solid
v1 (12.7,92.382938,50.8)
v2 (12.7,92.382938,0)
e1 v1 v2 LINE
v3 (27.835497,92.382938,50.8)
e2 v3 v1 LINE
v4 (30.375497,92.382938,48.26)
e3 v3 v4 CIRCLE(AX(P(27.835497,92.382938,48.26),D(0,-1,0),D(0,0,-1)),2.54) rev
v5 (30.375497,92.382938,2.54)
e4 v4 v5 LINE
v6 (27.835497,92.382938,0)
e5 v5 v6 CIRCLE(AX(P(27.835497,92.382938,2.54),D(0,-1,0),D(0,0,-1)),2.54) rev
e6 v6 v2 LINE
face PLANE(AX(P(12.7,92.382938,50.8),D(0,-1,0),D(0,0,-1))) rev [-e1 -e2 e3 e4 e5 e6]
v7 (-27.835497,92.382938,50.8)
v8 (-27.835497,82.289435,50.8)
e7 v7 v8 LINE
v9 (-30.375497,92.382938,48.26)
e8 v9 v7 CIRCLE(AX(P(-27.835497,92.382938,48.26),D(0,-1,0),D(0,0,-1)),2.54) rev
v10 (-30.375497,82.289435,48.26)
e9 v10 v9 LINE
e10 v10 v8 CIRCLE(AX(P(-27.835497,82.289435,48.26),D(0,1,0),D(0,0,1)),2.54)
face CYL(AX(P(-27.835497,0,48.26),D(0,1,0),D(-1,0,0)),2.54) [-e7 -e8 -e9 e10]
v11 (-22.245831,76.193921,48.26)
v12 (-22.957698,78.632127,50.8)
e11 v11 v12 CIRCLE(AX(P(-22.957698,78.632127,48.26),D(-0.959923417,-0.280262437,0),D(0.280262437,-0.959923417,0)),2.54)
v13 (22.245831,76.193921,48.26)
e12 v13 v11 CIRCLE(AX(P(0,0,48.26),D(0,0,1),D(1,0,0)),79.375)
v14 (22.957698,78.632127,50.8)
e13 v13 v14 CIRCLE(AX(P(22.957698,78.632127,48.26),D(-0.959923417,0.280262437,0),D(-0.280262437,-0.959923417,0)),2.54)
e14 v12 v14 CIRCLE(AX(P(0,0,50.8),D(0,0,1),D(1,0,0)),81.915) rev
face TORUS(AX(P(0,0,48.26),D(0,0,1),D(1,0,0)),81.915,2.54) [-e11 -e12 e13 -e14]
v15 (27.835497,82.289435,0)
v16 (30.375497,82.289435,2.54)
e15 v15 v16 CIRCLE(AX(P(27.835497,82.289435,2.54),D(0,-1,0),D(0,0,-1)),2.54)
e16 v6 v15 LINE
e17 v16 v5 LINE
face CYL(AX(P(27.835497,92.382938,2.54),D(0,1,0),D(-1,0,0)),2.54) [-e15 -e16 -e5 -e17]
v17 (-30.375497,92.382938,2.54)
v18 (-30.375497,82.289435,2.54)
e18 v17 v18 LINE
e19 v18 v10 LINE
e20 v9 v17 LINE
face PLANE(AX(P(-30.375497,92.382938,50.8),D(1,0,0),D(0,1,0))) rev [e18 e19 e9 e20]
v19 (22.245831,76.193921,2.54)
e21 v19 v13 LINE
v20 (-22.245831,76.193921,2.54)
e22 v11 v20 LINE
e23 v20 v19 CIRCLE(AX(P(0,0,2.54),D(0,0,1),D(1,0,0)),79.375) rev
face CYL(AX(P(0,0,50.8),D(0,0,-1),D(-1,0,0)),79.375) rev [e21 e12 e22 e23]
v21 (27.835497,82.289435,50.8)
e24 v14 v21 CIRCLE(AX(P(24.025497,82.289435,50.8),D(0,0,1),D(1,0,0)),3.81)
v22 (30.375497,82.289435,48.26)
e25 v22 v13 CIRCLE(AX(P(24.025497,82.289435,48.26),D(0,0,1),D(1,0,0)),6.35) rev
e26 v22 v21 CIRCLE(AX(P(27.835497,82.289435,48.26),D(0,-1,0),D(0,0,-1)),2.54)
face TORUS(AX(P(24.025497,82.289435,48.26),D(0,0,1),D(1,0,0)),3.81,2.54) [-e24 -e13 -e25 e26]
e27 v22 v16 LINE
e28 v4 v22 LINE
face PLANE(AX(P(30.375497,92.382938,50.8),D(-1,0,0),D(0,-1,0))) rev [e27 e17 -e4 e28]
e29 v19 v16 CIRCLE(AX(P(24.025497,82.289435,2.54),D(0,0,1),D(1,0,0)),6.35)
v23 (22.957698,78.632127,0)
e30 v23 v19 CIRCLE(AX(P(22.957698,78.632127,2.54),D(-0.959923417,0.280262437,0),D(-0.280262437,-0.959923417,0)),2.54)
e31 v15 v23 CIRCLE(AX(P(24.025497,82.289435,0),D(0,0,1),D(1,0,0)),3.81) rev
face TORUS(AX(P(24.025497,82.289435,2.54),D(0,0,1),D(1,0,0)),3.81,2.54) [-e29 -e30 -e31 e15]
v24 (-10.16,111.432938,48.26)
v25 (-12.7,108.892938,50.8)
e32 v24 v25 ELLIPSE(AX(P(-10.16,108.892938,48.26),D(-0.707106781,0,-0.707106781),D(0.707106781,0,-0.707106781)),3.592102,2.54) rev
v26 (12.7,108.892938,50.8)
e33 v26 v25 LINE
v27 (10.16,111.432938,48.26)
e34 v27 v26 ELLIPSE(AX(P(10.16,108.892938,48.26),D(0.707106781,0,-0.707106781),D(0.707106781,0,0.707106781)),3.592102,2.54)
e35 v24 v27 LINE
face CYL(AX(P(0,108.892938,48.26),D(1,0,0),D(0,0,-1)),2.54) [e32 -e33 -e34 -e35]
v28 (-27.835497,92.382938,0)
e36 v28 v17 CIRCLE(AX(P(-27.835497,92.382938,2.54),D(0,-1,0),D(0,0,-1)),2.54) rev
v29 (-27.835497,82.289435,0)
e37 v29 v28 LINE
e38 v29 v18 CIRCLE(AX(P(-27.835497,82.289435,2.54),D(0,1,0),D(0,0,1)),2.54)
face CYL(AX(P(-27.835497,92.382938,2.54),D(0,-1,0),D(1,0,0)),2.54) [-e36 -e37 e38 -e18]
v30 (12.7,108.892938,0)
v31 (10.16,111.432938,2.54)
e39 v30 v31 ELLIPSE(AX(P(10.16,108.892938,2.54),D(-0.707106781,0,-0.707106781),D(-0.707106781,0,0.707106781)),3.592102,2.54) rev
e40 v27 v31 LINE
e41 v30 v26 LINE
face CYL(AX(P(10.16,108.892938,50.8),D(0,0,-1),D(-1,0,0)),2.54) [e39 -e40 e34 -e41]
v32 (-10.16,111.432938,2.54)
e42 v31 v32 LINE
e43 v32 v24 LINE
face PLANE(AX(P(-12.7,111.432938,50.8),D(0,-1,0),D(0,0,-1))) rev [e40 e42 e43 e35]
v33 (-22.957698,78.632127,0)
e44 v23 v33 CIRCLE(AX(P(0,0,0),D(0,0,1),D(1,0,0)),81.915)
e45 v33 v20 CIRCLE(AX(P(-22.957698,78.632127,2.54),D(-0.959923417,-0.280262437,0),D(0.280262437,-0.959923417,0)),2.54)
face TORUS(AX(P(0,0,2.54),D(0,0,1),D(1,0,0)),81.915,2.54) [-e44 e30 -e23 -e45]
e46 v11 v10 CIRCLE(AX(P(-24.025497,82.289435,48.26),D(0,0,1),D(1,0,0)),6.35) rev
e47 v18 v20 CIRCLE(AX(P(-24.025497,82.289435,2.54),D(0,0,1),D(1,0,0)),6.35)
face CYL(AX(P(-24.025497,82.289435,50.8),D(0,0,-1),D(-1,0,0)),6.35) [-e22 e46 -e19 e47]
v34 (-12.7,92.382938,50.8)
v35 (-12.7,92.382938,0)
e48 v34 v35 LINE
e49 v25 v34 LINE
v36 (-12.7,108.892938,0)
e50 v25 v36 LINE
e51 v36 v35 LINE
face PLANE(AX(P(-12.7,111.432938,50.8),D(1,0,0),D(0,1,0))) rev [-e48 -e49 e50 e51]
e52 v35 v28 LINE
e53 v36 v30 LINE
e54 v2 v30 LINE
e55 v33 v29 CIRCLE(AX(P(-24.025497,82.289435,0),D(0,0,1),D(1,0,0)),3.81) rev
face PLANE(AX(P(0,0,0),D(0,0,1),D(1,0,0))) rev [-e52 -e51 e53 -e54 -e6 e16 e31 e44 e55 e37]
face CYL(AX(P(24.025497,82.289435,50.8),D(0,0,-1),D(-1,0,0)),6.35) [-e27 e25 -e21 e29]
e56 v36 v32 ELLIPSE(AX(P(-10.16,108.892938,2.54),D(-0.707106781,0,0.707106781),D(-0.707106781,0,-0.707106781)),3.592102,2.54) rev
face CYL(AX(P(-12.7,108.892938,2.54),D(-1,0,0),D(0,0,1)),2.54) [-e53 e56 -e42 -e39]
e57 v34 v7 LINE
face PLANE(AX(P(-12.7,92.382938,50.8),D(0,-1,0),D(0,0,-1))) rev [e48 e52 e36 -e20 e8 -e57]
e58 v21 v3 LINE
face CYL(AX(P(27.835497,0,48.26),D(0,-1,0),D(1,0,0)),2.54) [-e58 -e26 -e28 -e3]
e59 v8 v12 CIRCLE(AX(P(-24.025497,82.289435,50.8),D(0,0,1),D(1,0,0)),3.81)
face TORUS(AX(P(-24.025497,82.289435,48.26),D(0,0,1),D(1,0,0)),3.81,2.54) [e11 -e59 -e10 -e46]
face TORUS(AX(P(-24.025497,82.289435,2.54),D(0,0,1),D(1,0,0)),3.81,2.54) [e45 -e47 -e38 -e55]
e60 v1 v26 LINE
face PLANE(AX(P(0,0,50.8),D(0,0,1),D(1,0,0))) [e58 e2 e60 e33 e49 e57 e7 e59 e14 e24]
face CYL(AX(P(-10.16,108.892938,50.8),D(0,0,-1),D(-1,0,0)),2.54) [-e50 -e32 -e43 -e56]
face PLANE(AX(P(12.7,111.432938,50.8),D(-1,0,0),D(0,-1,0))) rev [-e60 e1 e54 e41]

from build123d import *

# Parameters (mm, degrees)
BOSS_EXTRUDE1_DEPTH = 50.8
FILLET1_R           = 6.35
FILLET3_R           = 2.54
FILLET4_R           = 2.54
FILLET5_R           = 2.54


with BuildPart() as part:
    # Sketch1 → Boss-Extrude1 (new body)
    with BuildSketch(Plane.XY):
        with BuildLine():
            Line((-12.7, 111.432937893), (12.7, 111.432937893))
            Line((12.7, 111.432937893), (12.7, 92.382937893))
            Line((12.7, 92.382937893), (30.375497444, 92.382937893))
            Line((30.375497444, 92.382937893), (30.375497444, 73.332937893))
            ThreePointArc((30.375497444, 73.332937893), (0, 79.375), (-30.375497444, 73.332937893))
            Line((-30.375497444, 73.332937893), (-30.375497444, 92.382937893))
            Line((-30.375497444, 92.382937893), (-12.7, 92.382937893))
            Line((-12.7, 92.382937893), (-12.7, 111.432937893))
        make_face()
    extrude(amount=BOSS_EXTRUDE1_DEPTH)

    # Fillet1
    fillet1_edges = [part.edges().sort_by_distance(p)[0] for p in [
        (30.375497444, 73.332937893, 25.4),
        (-30.375497444, 73.332937893, 25.4),
    ]]
    fillet(fillet1_edges, radius=FILLET1_R)

    # Fillet3
    fillet3_edges = [part.edges().sort_by_distance(p)[0] for p in [
        (-12.7, 111.432937893, 25.4),
        (12.7, 111.432937893, 25.4),
        (0, 111.432937893, 50.8),
        (0, 111.432937893, 0),
    ]]
    fillet(fillet3_edges, radius=FILLET3_R)

    # Fillet4
    fillet4_edges = [part.edges().sort_by_distance(p)[0] for p in [
        (0, 79.375, 50.8),
        (30.375497444, 87.336186401, 50.8),
        (27.834803015, 77.208914161, 50.8),
        (-27.834803015, 77.208914161, 50.8),
        (-30.375497444, 87.336186401, 50.8),
    ]]
    fillet(fillet4_edges, radius=FILLET4_R)

    # Fillet5
    fillet5_edges = [part.edges().sort_by_distance(p)[0] for p in [
        (-30.375497444, 87.336186401, 0),
        (0, 79.375, 0),
        (30.375497444, 87.336186401, 0),
        (27.834803015, 77.208914161, 0),
        (-27.834803015, 77.208914161, 0),
    ]]
    fillet(fillet5_edges, radius=FILLET5_R)


solid = part.part
